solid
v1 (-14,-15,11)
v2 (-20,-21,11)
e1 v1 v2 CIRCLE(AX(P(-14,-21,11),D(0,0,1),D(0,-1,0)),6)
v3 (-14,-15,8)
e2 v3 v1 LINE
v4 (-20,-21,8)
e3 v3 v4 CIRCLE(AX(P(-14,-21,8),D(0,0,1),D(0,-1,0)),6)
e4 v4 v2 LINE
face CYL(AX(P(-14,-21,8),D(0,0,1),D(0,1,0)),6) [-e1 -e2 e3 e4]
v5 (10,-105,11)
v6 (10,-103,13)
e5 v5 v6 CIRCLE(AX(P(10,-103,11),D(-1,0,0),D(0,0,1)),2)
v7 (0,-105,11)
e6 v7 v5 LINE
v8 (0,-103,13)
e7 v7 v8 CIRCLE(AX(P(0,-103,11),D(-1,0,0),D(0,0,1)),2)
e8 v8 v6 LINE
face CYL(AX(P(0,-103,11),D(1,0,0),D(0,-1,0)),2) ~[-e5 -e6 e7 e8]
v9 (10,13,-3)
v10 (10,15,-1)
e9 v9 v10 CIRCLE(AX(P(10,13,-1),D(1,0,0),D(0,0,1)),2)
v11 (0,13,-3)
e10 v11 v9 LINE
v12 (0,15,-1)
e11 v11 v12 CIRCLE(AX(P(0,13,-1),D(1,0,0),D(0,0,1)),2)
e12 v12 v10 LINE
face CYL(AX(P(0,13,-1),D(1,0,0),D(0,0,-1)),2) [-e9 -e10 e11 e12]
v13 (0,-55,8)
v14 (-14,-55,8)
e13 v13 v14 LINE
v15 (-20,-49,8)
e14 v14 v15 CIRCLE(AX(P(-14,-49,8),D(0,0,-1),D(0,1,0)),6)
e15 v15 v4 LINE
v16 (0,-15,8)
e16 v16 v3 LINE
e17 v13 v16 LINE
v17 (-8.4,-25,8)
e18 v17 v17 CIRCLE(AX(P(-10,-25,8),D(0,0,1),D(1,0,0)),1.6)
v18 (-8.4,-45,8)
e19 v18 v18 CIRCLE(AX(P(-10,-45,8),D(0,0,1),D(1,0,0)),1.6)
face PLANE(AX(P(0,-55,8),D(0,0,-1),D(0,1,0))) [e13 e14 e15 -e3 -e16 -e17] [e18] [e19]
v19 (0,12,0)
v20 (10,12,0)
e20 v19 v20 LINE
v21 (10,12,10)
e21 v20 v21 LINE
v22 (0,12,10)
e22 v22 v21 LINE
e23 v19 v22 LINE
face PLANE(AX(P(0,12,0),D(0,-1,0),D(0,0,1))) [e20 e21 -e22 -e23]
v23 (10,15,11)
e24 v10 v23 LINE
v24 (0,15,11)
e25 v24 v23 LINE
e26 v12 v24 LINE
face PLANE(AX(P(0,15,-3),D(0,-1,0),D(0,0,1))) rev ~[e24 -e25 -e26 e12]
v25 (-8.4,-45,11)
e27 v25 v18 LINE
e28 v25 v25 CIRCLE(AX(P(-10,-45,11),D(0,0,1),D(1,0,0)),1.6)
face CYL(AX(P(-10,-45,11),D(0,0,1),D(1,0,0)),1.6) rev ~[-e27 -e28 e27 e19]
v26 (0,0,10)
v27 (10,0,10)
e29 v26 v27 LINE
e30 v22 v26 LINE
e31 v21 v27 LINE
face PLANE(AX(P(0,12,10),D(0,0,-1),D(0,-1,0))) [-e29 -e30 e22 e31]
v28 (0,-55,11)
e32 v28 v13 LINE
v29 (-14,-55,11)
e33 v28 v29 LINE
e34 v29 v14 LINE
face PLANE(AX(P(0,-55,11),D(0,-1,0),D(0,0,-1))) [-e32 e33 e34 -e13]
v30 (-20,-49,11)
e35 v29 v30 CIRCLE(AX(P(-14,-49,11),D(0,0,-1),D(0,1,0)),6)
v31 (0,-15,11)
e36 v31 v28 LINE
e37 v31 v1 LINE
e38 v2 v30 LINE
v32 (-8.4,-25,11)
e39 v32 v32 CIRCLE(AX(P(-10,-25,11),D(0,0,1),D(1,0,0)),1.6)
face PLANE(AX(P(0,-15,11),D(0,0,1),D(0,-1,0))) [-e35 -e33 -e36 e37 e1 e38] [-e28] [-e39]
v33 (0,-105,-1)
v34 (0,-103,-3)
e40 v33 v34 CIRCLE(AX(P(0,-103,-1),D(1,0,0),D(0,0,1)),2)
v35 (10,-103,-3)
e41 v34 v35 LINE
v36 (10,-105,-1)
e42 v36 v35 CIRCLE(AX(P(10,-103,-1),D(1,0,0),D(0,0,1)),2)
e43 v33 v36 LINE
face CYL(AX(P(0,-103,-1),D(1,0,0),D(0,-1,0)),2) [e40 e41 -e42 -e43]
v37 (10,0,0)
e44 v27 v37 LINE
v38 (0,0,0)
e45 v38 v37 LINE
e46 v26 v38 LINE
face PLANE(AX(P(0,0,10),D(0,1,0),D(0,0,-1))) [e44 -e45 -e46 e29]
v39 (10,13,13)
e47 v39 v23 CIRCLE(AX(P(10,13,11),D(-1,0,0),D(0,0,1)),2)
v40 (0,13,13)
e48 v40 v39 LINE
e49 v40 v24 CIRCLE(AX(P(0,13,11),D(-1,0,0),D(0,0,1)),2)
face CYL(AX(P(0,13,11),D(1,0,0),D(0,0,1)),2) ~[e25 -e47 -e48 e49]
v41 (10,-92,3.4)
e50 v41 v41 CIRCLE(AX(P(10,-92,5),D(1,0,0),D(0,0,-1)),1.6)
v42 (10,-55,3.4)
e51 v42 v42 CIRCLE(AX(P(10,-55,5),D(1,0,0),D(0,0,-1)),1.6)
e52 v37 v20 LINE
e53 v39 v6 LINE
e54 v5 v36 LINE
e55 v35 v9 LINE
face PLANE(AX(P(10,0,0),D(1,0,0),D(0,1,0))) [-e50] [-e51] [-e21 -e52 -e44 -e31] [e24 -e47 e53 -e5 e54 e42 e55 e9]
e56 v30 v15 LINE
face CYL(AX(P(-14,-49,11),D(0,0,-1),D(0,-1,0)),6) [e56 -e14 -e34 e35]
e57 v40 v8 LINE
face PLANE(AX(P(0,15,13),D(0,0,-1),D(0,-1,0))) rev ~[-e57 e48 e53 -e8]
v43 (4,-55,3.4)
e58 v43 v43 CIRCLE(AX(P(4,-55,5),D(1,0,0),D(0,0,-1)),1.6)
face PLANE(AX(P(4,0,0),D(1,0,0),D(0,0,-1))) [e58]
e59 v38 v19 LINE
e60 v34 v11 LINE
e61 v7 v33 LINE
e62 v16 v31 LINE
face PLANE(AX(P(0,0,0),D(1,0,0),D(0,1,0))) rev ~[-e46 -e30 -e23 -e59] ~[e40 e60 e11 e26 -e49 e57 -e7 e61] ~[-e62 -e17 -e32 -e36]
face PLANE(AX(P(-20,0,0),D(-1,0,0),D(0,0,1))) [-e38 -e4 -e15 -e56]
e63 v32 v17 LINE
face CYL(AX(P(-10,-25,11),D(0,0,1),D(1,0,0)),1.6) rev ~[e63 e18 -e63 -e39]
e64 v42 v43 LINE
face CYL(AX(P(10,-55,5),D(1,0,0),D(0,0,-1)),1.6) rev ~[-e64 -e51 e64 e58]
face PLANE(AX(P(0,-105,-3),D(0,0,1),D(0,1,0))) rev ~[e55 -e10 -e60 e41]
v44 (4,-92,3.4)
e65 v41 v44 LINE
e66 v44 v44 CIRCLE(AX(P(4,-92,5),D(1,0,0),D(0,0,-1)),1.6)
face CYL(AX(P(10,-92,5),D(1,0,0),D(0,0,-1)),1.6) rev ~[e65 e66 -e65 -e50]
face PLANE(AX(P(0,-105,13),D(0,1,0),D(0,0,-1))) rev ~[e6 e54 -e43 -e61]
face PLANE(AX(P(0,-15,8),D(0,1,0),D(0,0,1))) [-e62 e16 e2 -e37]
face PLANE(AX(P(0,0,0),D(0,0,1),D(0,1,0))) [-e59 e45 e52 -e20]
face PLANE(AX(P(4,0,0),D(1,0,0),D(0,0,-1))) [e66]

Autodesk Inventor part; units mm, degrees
ref_plane "YZ Plane" through (0, 0, 0) normal (1, 0, 0) x (0, 1, 0)
ref_plane "XZ Plane" through (0, 0, 0) normal (0, 1, 0) x (-1, 0, 0)
ref_plane "XY Plane" through (0, 0, 0) normal (0, 0, 1) x (1, 0, 0)
sketch "Sketch1" plane through (0, 0, 0) normal (1, 0, 0) x (0, 1, 0)
  line L0 (0, 0) -> (12, 0)
  line L1 (12, 0) -> (12, 10)
  line L2 (12, 10) -> (0, 10)
  line L3 (0, 10) -> (0, 0)
  line L4 (-105, -3) -> (15, -3)
  line L5 (15, -3) -> (15, 13)
  line L6 (15, 13) -> (-105, 13)
  line L7 (-105, 13) -> (-105, -3)
  point P0 (0, 5)
  dimension "d0" = 12
  dimension "d1" = 10
  dimension "d4" = 16
  dimension "d5" = 3
  dimension "d6" = 120
  dimension "d7" = 3
extrude "Extrusion1" add sketch "Sketch1" along normal blind 10
sketch "Sketch2" plane through (10, 0, 0) normal (1, 0, 0) x (0, 0, -1)
  circle A0 centre (-5, -92) radius 1.6
  circle A1 centre (-5, -55) radius 1.6
  line L0 (0, 0) -> (-10, 0) projected
  line L1 (3, -105) -> (3, 15) projected
  dimension "d14" = 3.2
  dimension "d15" = 3.2
  dimension "d16" = 55
  dimension "d17" = 37
  dimension "d18" = 8
  dimension "d19" = 8
extrude "Extrusion2" cut sketch "Sketch2" against normal blind 6
sketch "Sketch3" plane through (0, 0, 0) normal (-1, 0, 0) x (0, 0, 1)
  line L0 (10, 0) -> (0, 0) construction
  line L1 (8, -15) -> (11, -15)
  line L2 (11, -15) -> (11, -55)
  line L3 (11, -55) -> (8, -55)
  line L4 (8, -55) -> (8, -15)
  line L5 (13, 15) -> (13, -105) projected
  line L6 (-3, 15) -> (13, 15) projected
  dimension "d22" = 3
  dimension "d23" = 40
  dimension "d24" = 2
  dimension "d25" = 30
extrude "Extrusion4" add sketch "Sketch3" along normal blind 20
fillet "Fillet2" radius 6 2 edges at (-20, -55, 9.5) (-20, -15, 9.5)
sketch "Sketch4" plane through (0, -55, 11) normal (0, 0, 1) x (1, 0, 0)
  circle A0 centre (-10, 10) radius 1.6
  circle A1 centre (-10, 30) radius 1.6
  line L0 (0, 70) -> (0, -50) projected
  line L1 (0, 0) -> (-14, 0) projected
  line L2 (0, 40) -> (-14, 40) projected
  point P0 (0, 55)
  dimension "d35" = 3.2
  dimension "d36" = 3.2
  dimension "d37" = 10
  dimension "d38" = 10
  dimension "d39" = 10
  dimension "d40" = 10
fillet "Fillet3" radius 2 4 edges at (5, -105, 13) (5, 15, 13) (5, 15, -3) (5, -105, -3)
extrude "Extrusion5" cut sketch "Sketch4" against normal through all
equation "\"d5\" = -0.5 * d1 + 0.5 * d4"
equation "\"d7\" = d5"
equation "\"d19\" = d18"
equation "\"d38\" = d37"
equation "\"d40\" = d39"
properties part number "Wheel IR Holder LH"
